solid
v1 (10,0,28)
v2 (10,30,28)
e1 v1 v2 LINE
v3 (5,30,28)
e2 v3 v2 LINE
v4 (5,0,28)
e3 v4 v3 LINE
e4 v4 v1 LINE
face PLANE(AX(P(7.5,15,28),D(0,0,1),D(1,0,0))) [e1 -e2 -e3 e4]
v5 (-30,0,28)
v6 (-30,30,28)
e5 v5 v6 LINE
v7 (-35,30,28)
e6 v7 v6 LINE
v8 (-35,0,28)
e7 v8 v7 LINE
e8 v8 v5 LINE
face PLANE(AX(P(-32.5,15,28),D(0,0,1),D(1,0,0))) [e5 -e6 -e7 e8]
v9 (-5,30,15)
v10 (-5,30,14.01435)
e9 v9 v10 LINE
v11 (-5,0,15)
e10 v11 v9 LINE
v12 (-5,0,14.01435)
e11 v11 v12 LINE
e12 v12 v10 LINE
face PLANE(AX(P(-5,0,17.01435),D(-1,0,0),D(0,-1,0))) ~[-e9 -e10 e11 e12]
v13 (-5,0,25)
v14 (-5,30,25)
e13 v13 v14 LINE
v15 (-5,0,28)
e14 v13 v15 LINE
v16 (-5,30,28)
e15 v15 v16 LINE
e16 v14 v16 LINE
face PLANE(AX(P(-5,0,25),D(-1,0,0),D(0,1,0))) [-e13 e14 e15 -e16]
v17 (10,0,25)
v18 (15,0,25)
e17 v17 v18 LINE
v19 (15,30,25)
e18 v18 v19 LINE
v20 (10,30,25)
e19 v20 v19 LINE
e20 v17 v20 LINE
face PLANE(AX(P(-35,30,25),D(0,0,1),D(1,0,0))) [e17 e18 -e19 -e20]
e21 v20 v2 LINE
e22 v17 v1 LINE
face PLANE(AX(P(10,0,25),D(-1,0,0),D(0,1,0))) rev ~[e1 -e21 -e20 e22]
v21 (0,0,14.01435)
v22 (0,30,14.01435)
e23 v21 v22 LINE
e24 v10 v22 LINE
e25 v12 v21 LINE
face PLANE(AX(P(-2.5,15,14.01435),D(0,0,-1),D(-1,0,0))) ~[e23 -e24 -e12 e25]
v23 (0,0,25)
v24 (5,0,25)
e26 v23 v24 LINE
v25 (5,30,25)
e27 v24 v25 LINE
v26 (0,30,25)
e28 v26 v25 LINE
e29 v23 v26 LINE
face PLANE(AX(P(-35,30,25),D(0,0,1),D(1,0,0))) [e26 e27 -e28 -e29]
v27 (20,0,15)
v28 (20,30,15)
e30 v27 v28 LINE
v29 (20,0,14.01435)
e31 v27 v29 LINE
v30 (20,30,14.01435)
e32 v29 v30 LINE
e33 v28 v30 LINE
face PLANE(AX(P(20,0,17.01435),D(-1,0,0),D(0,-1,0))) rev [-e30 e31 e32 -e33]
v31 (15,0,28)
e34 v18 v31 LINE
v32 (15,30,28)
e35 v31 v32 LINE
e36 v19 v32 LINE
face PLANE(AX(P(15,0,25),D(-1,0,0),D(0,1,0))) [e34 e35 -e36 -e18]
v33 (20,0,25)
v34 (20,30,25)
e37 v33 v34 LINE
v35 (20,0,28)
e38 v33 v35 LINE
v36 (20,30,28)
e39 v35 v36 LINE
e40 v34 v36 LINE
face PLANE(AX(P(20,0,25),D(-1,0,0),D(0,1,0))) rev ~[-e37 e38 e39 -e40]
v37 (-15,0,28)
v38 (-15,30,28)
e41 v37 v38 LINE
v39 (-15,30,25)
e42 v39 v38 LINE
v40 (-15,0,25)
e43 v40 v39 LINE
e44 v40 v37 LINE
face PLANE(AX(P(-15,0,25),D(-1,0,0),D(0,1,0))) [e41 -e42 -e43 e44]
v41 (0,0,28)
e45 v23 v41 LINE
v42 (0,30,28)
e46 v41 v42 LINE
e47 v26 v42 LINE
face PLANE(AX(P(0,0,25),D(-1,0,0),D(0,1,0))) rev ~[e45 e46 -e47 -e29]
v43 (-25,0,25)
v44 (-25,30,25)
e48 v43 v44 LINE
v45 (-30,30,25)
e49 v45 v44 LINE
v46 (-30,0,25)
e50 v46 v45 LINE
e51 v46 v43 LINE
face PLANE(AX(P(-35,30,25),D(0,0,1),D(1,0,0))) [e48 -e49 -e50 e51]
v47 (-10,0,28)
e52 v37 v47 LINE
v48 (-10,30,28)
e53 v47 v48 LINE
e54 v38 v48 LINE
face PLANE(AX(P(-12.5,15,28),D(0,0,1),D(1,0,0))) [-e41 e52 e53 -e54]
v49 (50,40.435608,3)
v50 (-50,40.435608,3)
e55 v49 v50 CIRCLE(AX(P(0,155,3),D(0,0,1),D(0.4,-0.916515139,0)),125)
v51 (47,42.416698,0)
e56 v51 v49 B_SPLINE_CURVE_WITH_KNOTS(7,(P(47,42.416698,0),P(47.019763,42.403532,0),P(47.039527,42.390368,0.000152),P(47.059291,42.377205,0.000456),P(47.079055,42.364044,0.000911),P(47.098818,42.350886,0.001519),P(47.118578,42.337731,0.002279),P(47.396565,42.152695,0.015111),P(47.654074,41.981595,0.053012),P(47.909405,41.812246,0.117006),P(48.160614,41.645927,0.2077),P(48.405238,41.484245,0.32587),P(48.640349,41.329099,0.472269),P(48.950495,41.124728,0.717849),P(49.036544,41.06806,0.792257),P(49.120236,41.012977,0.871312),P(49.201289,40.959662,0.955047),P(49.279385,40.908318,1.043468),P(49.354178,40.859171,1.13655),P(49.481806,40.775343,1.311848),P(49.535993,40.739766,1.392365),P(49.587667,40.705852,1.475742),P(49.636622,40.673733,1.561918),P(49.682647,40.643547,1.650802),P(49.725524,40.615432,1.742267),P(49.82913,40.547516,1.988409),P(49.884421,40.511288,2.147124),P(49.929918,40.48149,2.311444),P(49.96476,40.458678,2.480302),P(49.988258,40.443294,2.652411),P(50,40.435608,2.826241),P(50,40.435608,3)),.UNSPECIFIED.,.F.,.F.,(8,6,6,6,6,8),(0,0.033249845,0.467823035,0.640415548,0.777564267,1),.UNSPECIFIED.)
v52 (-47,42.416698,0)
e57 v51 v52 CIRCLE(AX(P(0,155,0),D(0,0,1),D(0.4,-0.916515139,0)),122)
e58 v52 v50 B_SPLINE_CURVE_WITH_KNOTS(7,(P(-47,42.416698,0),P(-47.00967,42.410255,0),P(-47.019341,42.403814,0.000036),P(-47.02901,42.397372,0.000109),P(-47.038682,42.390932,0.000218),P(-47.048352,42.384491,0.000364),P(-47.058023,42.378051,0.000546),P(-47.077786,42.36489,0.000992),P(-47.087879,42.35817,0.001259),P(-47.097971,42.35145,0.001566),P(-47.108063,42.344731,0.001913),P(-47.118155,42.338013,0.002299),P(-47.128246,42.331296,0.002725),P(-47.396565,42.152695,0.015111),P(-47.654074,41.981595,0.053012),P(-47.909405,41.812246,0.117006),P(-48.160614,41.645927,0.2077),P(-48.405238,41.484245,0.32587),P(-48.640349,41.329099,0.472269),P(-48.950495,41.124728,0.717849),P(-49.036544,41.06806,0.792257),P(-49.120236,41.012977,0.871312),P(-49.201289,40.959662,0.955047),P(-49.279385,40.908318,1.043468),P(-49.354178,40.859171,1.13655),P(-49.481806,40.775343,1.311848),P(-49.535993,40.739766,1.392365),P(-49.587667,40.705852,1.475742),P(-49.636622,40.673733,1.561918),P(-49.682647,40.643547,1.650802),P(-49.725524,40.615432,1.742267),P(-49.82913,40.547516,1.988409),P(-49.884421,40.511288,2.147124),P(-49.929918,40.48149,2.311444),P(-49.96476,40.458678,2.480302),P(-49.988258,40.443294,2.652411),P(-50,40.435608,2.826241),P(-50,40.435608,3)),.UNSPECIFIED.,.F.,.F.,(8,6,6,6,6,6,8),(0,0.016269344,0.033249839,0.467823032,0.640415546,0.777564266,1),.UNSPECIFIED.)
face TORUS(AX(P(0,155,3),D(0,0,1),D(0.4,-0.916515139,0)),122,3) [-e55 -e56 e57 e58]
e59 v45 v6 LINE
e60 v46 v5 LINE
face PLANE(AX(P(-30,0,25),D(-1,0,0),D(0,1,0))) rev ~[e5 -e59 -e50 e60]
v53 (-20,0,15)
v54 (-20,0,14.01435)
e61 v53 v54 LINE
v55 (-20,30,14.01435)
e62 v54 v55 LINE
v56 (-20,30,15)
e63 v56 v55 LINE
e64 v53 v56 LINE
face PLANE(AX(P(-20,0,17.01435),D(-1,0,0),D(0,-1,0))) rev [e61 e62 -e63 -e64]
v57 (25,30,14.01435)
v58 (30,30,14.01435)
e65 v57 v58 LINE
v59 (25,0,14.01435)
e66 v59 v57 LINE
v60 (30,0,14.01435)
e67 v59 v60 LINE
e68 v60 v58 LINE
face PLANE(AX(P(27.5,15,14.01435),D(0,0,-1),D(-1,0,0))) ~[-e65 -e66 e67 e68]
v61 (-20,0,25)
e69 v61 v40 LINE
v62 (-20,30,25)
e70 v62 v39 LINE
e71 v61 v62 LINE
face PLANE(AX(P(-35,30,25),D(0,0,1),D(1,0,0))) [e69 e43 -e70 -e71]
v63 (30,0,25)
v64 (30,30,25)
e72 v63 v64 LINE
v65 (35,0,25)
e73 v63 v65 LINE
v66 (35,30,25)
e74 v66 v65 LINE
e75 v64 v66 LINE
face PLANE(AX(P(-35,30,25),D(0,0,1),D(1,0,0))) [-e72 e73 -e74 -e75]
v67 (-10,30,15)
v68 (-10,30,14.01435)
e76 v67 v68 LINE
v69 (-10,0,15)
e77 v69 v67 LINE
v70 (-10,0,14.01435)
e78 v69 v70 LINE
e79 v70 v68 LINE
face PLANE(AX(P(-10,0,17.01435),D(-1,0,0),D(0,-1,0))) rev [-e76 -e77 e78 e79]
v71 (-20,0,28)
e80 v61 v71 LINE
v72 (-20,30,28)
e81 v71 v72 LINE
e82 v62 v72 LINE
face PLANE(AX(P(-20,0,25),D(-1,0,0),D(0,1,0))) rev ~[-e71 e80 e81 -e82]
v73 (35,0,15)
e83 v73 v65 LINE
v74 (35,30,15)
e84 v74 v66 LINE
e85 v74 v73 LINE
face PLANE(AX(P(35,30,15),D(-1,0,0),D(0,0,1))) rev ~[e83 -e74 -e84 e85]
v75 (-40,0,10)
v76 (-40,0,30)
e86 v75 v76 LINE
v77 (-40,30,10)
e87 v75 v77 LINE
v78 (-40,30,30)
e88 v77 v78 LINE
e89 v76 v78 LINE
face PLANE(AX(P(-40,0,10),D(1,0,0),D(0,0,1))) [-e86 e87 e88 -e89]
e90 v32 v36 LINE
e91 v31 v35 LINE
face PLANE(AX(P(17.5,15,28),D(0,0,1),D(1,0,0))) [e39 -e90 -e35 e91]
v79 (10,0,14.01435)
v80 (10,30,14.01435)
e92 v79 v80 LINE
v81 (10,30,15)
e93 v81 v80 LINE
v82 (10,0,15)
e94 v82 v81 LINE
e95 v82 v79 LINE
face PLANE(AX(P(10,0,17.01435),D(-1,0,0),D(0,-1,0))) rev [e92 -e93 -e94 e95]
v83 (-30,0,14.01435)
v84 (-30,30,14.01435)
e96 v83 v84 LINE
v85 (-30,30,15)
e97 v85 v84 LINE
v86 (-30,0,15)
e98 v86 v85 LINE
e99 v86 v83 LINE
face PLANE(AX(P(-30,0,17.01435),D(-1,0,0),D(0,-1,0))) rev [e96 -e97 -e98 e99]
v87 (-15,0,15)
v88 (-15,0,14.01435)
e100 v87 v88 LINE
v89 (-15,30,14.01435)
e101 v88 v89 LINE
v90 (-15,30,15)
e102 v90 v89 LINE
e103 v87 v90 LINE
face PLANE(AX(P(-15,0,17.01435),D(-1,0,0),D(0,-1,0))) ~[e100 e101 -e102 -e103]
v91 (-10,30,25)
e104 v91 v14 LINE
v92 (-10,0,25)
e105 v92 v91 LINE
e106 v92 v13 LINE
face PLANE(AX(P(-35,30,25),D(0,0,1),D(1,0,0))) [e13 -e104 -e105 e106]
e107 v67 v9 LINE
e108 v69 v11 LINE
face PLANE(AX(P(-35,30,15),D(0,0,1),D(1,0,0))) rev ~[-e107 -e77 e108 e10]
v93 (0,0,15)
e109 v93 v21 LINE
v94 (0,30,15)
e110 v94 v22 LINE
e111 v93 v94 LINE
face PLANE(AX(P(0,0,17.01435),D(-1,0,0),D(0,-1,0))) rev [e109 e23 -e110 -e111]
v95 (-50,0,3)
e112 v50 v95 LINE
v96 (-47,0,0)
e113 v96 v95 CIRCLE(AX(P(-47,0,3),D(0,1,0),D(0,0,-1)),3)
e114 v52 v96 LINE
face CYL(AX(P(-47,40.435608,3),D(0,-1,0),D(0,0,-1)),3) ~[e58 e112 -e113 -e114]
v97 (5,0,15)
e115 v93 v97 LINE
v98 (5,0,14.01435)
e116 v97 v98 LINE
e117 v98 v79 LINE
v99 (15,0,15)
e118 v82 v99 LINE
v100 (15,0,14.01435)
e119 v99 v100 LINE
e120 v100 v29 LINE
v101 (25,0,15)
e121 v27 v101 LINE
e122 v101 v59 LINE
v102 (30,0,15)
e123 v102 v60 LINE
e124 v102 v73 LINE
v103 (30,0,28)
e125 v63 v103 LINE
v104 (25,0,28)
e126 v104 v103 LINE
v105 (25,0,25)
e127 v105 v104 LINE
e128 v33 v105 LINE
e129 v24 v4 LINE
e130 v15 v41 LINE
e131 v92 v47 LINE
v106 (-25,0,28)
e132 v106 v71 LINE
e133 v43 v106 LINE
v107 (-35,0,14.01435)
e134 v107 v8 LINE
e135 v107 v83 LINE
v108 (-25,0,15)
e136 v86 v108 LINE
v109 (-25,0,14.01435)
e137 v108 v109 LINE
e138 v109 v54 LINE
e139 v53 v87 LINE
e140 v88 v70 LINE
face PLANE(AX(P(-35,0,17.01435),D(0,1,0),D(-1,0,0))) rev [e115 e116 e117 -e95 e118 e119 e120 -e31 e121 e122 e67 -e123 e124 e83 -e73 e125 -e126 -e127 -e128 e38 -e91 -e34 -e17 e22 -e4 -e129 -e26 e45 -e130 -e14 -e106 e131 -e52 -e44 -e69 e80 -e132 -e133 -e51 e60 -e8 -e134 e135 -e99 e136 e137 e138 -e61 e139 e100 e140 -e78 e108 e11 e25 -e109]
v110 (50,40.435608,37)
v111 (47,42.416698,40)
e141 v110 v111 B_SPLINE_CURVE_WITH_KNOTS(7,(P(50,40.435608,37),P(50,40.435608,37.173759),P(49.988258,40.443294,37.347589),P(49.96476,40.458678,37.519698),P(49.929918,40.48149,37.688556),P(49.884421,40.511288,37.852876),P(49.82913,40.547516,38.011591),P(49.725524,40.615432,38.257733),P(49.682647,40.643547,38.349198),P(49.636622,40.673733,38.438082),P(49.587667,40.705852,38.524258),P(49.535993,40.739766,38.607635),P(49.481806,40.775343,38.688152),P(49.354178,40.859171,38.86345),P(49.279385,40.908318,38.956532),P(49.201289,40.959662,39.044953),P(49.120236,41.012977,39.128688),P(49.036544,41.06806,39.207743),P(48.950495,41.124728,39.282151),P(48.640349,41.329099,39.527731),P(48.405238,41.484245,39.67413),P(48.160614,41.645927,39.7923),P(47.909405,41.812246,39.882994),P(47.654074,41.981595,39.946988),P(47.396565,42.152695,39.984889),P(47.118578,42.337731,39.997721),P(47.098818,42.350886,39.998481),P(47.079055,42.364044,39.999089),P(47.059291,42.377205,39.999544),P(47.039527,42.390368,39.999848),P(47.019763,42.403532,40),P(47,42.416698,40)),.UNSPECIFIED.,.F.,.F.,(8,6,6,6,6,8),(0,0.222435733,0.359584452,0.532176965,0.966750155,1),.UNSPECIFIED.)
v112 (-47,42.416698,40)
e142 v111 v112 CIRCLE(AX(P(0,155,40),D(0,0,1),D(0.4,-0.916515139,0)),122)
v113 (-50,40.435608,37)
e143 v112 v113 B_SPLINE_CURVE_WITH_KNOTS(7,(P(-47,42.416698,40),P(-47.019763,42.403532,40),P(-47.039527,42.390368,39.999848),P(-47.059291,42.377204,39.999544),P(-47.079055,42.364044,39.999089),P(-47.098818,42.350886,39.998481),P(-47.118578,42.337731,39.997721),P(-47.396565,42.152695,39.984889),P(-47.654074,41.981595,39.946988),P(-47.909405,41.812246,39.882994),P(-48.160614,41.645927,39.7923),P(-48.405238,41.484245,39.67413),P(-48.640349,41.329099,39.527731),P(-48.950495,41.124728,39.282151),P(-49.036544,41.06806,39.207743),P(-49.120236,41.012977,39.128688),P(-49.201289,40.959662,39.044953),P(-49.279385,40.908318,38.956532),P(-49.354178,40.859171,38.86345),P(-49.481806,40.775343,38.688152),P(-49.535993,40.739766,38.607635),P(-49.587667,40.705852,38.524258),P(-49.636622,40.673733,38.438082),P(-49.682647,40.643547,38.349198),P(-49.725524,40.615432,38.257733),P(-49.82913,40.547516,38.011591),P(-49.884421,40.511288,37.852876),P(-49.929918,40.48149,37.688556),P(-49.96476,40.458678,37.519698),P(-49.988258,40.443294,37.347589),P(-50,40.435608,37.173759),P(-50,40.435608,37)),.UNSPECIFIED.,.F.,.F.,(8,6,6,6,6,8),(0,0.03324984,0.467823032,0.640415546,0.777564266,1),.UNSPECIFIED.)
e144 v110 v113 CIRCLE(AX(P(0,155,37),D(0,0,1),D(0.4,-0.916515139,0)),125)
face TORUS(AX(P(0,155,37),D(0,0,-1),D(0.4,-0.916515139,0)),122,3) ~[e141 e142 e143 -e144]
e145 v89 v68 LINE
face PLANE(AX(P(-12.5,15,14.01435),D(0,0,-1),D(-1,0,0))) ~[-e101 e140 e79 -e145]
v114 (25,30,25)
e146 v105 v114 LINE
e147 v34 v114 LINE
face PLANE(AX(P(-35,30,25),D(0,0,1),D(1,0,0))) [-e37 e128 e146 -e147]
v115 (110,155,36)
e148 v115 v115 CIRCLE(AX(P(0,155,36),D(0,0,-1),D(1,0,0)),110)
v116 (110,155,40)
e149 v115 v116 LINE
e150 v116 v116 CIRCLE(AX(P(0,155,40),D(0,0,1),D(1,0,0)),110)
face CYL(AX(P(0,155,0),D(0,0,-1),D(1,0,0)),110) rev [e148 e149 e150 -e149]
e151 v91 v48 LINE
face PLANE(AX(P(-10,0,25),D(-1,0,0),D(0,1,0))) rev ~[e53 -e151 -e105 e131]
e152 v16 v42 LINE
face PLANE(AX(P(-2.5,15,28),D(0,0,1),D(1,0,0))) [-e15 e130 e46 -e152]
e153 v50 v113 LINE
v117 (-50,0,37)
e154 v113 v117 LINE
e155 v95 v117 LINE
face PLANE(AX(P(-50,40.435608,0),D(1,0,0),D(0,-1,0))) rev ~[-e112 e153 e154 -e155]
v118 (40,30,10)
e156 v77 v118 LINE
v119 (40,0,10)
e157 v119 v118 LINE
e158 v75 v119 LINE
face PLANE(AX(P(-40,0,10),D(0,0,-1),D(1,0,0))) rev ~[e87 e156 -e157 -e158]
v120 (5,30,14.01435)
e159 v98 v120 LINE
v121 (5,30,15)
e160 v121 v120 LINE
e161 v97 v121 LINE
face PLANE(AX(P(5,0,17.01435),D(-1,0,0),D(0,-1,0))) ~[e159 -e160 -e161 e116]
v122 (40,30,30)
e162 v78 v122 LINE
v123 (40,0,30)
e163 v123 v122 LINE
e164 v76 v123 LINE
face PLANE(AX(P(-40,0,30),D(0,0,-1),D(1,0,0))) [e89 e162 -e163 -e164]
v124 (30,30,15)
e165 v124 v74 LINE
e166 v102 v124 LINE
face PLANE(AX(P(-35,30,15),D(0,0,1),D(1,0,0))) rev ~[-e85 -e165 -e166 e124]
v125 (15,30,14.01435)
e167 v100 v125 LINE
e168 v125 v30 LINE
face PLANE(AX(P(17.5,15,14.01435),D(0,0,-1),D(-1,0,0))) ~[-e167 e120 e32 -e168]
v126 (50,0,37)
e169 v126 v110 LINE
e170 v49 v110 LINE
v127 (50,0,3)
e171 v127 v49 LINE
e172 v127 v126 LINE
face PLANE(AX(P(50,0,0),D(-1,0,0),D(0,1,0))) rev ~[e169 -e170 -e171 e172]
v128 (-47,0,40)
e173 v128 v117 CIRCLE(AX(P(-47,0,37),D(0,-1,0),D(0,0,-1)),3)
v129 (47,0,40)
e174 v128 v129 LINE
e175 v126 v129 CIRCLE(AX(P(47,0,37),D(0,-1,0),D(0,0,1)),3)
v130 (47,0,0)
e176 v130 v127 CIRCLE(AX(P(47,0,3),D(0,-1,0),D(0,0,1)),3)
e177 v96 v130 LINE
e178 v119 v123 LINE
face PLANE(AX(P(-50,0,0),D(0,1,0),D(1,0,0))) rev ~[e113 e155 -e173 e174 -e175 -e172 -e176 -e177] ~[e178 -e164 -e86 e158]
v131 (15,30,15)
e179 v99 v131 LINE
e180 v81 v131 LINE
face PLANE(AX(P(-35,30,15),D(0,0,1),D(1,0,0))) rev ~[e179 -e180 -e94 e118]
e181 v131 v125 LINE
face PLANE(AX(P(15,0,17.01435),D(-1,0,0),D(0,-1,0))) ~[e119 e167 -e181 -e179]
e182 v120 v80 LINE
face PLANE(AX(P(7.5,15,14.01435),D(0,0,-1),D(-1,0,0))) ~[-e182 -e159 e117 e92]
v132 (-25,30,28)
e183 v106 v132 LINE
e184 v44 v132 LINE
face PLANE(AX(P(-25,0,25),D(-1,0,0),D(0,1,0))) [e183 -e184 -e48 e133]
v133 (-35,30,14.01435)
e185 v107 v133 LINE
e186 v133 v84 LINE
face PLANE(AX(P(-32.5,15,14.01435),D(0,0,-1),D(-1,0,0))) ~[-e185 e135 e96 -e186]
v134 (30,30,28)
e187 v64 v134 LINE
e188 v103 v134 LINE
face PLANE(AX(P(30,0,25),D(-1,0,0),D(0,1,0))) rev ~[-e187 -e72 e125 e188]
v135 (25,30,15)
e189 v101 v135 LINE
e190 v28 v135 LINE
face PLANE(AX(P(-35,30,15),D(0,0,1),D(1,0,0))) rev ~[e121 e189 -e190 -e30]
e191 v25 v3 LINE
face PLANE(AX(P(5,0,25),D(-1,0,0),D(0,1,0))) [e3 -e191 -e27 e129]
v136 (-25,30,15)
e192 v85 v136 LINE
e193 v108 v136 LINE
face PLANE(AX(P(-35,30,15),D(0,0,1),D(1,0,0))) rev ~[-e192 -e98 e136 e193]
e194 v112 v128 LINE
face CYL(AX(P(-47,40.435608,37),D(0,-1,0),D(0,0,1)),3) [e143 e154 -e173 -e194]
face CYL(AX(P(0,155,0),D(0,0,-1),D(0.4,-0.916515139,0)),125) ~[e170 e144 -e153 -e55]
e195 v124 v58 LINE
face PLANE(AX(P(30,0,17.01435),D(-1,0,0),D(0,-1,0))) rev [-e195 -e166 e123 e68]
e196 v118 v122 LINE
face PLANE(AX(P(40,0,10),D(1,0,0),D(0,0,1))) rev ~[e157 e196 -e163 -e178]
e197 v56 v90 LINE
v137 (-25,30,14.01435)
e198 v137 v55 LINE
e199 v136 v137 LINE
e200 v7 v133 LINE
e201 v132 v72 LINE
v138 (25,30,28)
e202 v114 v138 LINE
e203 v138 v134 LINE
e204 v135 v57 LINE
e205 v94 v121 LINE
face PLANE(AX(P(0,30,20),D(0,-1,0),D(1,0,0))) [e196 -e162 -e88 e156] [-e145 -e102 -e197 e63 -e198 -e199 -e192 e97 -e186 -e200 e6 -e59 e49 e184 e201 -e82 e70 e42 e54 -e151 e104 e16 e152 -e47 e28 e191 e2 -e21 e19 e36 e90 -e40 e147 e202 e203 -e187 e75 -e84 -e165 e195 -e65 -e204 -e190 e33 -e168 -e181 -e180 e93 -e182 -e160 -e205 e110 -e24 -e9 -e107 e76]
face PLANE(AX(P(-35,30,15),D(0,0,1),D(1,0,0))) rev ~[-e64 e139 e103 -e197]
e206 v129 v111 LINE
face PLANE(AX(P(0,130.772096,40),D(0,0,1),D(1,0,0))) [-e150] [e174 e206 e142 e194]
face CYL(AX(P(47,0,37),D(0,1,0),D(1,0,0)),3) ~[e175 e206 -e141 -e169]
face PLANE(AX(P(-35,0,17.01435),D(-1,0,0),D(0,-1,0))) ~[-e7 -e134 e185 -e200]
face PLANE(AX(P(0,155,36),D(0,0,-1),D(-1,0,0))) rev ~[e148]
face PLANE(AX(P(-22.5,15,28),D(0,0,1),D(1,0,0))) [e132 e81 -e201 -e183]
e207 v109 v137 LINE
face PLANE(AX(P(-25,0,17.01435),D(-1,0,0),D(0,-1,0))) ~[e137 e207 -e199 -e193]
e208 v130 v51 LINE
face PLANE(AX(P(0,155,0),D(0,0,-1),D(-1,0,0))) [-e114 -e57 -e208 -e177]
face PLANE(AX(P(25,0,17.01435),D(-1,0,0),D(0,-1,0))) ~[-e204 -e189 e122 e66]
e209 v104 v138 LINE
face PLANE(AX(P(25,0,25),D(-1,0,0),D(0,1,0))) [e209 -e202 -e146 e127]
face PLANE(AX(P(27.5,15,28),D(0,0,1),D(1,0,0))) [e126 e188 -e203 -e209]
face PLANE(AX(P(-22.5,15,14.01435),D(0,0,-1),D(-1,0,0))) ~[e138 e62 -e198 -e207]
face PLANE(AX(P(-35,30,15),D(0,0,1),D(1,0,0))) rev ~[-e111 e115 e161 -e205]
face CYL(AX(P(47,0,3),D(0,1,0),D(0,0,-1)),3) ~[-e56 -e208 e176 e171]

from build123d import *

# Parameters (mm, degrees)
SKETCH2_R           = 110
BOSS_EXTRUDE1_DEPTH = 40
SKETCH5_R           = 110
BOSS_EXTRUDE2_DEPTH = 36
FILLET1_R           = 3
SKETCH6_W           = 80
SKETCH6_H           = 20
CUT_EXTRUDE2_DEPTH  = 30
SKETCH7_W           = 70
SKETCH7_H           = 10
BOSS_EXTRUDE3_DEPTH = 30
SKETCH8_W           = 5
SKETCH8_H           = 30
BOSS_EXTRUDE4_DEPTH = 3


with BuildPart() as part:
    # Sketch2 → Boss-Extrude1 (new body)
    with BuildSketch(Plane.XY):
        with BuildLine():
            Line((-50, 0), (50, 0))
            Line((50, 0), (50, 40.435607626))
            ThreePointArc((50, 40.435607626), (0, 280), (-50, 40.435607626))
            Line((-50, 40.435607626), (-50, 0))
        make_face()
        with Locations((0, 155)):
            Circle(SKETCH2_R, mode=Mode.SUBTRACT)
    extrude(amount=BOSS_EXTRUDE1_DEPTH)

    # Sketch5 → Boss-Extrude2 (add)
    with BuildSketch(Plane(origin=(0, 0, 0), x_dir=(-1, 0, 0), z_dir=(0, 0, -1))):
        with Locations((0, 155)):
            Circle(SKETCH5_R)
    extrude(amount=-BOSS_EXTRUDE2_DEPTH)

    # Fillet1
    fillet1_edges = [part.edges().sort_by_distance(p)[0] for p in [
        (-50, 20.217803813, 40),
        (50, 20.217803813, 40),
        (-50, 20.217803813, 0),
        (0, 280, 0),
        (50, 20.217803813, 0),
        (0, 280, 40),
    ]]
    fillet(fillet1_edges, radius=FILLET1_R)

    # Sketch6 → Cut-Extrude2 (cut)
    with BuildSketch(Plane.XZ):
        with Locations((0, 20)):
            Rectangle(SKETCH6_W, SKETCH6_H)
    extrude(amount=-CUT_EXTRUDE2_DEPTH, mode=Mode.SUBTRACT)

    # Sketch7 → Boss-Extrude3 (add)
    with BuildSketch(Plane.XZ.offset(-30)):
        with Locations((0, 20)):
            Rectangle(SKETCH7_W, SKETCH7_H)
    extrude(amount=BOSS_EXTRUDE3_DEPTH)

    # Sketch8 → Boss-Extrude4 (add)
    with BuildSketch(Plane.XY.offset(25)):
        with Locations((-32.5, 15)):
            Rectangle(SKETCH8_W, SKETCH8_H)
        with Locations((-22.5, 15)):
            Rectangle(SKETCH8_W, SKETCH8_H)
        with Locations((-12.5, 15)):
            Rectangle(SKETCH8_W, SKETCH8_H)
        with Locations((-2.5, 15)):
            Rectangle(SKETCH8_W, SKETCH8_H)
        with Locations((7.5, 15)):
            Rectangle(SKETCH8_W, SKETCH8_H)
        with Locations((17.5, 15)):
            Rectangle(SKETCH8_W, SKETCH8_H)
        with Locations((27.5, 15)):
            Rectangle(SKETCH8_W, SKETCH8_H)
    boss_extrude4 = extrude(amount=BOSS_EXTRUDE4_DEPTH)

    # Mirror2: Boss-Extrude4 across plane
    add(boss_extrude4.mirror(Plane.XY.offset(21.007174775)))


solid = part.part
